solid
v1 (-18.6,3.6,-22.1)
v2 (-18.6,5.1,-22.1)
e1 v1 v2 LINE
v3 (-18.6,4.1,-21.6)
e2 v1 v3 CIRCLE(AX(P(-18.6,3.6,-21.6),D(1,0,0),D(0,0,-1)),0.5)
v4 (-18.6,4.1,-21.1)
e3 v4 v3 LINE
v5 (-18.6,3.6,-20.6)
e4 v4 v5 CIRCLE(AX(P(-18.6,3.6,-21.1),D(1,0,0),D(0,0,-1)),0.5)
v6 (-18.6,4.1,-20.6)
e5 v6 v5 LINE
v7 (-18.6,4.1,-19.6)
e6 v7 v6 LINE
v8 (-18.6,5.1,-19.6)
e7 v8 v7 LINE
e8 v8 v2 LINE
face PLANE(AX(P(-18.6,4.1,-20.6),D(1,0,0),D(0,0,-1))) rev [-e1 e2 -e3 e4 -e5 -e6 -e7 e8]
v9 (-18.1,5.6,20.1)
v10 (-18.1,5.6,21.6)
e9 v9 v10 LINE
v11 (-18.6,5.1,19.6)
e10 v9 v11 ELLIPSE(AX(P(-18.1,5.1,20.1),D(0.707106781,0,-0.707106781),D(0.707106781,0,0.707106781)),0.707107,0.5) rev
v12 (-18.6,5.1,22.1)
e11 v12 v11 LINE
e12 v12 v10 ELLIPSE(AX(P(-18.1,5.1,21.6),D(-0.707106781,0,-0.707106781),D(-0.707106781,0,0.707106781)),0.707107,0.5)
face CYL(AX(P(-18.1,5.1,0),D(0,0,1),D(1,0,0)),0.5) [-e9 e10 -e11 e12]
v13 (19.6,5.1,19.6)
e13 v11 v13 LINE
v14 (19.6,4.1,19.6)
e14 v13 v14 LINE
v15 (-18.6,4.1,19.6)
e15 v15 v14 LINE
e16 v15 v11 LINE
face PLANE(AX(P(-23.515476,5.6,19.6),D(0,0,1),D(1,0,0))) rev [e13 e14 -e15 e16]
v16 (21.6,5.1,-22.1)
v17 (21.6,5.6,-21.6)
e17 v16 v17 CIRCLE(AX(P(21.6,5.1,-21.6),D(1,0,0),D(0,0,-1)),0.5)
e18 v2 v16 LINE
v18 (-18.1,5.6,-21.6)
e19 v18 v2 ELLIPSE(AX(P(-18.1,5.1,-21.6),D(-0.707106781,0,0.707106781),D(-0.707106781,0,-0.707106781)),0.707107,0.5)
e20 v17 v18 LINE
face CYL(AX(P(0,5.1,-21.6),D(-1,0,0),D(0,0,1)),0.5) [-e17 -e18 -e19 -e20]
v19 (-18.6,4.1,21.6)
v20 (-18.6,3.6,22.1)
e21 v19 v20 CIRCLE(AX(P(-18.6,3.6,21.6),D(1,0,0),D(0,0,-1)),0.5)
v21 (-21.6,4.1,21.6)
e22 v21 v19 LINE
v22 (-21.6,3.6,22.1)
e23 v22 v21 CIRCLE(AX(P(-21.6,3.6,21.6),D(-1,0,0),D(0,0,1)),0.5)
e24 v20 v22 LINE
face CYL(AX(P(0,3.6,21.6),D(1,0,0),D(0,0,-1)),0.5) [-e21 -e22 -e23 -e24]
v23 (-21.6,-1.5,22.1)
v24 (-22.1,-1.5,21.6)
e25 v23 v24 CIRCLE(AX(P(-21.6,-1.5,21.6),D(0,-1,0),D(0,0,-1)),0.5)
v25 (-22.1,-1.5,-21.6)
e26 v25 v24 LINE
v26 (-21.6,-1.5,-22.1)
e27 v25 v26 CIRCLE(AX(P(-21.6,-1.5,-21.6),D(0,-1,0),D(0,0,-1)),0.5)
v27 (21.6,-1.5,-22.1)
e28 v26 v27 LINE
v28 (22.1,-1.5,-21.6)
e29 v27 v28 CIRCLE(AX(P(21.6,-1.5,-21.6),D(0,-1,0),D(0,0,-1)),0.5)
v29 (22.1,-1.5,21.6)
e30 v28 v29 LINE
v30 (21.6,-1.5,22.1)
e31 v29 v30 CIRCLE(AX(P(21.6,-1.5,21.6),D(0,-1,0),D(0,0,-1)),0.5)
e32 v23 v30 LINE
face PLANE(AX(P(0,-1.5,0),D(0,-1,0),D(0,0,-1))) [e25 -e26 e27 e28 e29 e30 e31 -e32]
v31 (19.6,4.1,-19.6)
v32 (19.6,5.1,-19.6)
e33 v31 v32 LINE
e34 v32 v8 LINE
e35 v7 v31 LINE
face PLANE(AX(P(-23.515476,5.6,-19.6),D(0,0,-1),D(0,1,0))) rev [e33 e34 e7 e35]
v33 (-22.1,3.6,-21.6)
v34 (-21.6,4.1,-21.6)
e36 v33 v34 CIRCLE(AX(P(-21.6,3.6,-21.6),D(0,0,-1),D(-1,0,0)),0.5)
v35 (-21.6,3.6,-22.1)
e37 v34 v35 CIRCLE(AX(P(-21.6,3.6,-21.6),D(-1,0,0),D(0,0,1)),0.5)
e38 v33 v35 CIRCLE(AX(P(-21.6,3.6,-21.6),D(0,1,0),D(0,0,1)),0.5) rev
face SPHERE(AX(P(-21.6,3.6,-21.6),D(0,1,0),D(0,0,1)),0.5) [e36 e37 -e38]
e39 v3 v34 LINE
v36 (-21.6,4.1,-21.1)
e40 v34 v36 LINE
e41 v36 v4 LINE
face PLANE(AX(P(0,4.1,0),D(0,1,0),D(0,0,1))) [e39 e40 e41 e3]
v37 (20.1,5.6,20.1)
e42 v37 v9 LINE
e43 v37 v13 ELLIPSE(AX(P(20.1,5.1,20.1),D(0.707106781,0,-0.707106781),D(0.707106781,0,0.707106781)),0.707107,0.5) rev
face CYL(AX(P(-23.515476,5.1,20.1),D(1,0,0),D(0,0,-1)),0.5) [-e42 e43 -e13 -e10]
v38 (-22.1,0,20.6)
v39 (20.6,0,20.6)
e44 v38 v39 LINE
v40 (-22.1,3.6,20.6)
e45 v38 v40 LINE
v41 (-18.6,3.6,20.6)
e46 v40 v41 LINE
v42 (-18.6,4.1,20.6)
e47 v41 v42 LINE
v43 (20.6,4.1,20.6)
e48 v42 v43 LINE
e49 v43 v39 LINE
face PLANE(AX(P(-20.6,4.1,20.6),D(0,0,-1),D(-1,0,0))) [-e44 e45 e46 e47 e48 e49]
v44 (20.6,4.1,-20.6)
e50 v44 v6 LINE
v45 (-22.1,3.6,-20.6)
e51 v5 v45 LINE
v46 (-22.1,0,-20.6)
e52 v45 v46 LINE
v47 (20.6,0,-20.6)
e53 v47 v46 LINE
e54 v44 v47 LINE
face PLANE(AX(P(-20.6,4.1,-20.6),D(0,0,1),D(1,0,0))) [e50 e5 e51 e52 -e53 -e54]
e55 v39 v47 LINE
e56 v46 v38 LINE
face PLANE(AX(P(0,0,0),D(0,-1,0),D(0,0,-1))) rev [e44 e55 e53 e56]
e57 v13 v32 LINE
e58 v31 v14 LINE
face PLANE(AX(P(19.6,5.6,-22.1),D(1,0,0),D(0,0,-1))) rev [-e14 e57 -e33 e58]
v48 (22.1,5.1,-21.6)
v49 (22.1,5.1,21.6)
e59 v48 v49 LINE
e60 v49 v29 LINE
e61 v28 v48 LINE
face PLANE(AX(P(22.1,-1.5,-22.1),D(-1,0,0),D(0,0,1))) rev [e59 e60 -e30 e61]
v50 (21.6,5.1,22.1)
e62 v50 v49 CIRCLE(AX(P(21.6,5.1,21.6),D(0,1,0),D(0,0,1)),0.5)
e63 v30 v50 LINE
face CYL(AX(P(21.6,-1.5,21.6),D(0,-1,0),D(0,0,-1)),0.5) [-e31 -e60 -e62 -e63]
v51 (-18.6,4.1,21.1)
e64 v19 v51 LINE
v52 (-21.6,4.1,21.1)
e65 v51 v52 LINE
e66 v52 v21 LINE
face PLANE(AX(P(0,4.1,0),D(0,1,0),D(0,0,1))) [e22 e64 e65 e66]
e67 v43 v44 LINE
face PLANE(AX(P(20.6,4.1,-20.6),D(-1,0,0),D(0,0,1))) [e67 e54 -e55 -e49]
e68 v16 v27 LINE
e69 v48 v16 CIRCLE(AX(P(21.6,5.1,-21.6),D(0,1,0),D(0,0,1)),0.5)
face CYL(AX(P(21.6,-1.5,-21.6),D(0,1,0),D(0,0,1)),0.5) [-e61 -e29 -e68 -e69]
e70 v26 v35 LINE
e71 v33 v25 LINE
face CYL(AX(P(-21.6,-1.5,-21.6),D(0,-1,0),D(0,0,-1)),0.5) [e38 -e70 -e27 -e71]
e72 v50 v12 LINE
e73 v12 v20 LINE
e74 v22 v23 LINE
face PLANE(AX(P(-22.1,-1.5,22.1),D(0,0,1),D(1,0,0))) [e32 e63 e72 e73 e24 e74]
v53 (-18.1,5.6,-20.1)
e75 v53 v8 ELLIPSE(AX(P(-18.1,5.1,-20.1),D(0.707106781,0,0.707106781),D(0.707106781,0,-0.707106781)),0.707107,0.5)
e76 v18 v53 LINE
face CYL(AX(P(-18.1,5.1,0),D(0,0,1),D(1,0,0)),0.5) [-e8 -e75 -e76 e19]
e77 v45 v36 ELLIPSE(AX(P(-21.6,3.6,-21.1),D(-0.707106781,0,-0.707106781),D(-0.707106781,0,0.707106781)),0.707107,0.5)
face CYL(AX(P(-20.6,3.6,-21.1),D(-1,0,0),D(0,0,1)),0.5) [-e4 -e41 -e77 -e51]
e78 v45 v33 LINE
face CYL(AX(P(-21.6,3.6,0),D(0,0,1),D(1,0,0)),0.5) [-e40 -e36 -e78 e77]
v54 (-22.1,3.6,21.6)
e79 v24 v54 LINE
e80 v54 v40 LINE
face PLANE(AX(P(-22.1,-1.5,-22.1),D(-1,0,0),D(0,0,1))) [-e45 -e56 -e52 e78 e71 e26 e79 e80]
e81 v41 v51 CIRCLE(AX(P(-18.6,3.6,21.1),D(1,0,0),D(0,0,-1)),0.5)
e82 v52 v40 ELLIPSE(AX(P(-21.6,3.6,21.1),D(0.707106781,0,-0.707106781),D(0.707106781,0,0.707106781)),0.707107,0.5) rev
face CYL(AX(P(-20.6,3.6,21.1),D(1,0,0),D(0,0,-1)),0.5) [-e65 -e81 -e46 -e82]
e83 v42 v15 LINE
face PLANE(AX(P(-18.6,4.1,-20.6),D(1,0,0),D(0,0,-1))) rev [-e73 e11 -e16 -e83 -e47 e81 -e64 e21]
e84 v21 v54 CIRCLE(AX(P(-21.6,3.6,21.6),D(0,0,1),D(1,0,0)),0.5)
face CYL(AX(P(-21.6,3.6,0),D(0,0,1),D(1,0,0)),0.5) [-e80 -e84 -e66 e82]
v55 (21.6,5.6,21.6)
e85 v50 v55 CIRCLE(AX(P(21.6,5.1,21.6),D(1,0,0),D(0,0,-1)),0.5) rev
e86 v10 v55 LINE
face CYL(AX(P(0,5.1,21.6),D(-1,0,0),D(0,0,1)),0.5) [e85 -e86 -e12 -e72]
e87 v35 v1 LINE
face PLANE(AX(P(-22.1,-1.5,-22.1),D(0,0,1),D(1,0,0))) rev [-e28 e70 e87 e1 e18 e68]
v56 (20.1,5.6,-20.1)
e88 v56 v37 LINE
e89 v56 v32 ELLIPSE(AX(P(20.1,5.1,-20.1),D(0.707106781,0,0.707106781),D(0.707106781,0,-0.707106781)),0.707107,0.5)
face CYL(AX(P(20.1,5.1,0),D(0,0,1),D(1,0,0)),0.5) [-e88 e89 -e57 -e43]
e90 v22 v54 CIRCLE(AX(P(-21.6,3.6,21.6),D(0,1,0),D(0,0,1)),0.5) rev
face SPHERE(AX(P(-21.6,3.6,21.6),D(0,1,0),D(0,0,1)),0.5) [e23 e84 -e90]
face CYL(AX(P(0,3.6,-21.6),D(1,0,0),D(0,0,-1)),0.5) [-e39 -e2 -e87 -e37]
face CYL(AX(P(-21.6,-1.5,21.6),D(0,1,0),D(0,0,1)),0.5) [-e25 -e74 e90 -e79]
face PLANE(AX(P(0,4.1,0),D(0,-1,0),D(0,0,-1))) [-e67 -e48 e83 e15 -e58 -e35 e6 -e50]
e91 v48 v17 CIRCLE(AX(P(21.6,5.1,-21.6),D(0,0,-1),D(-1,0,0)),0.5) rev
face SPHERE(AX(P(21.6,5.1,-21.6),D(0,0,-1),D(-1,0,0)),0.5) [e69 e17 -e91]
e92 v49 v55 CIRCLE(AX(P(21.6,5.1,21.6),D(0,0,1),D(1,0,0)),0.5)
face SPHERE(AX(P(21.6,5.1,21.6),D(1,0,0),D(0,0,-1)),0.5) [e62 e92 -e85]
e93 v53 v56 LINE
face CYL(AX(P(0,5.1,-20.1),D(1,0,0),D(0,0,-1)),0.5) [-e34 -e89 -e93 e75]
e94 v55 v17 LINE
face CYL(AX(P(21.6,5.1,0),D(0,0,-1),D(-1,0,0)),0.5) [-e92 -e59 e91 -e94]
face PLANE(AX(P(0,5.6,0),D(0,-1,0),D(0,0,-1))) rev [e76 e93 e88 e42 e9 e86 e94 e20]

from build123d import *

# Parameters (mm, degrees)
SKETCH2_W           = 44.2
SKETCH2_H           = 44.2
BOSS_EXTRUDE1_DEPTH = 1.5
SKETCH2_3_W         = 44.2
SKETCH2_3_H         = 44.2
SKETCH2_3_W_2       = 41.2
SKETCH2_3_H_2       = 41.2
BOSS_EXTRUDE2_DEPTH = 4.1
SKETCH3_W           = 2.5
SKETCH3_H           = 44.2
BOSS_EXTRUDE3_DEPTH = 1.5
BOSS_EXTRUDE5_DEPTH = 38.2
SKETCH5_W           = 6.546498532
SKETCH5_H           = 41.2
CUT_EXTRUDE1_DEPTH  = 4.1
FILLET2_R           = 0.5


with BuildPart() as part:
    # Sketch2 → Boss-Extrude1 (new body)
    with BuildSketch(Plane(origin=(0, 0, 0), x_dir=(1, 0, 0), z_dir=(0, 1, 0))):
        Rectangle(SKETCH2_W, SKETCH2_H)
    extrude(amount=-BOSS_EXTRUDE1_DEPTH)

    # Sketch2<3> → Boss-Extrude2 (add)
    with BuildSketch(Plane(origin=(0, 0, 0), x_dir=(1, 0, 0), z_dir=(0, 1, 0))):
        Rectangle(SKETCH2_3_W, SKETCH2_3_H)
        Rectangle(SKETCH2_3_W_2, SKETCH2_3_H_2, mode=Mode.SUBTRACT)
    extrude(amount=BOSS_EXTRUDE2_DEPTH)

    # Sketch3 → Boss-Extrude3 (add)
    with BuildSketch(Plane(origin=(0, 4.1, 0), x_dir=(1, 0, 0), z_dir=(0, 1, 0))):
        with Locations((20.85, 0)):
            Rectangle(SKETCH3_W, SKETCH3_H)
    extrude(amount=BOSS_EXTRUDE3_DEPTH)

    # Sketch6 → Boss-Extrude5 (add)
    with BuildSketch(Plane.ZY.offset(-19.6)):
        Polygon((-19.6, 5.6), (-19.6, 4.1), (-20.6, 4.1), (-22.1, 4.1), (-22.1, 5.6), align=None)
        Polygon((19.6, 5.6), (19.6, 4.1), (20.6, 4.1), (22.1, 4.1), (22.1, 5.6), align=None)
    extrude(amount=BOSS_EXTRUDE5_DEPTH)

    # Sketch5 → Cut-Extrude1 (cut)
    with BuildSketch(Plane(origin=(0, 4.1, 0), x_dir=(1, 0, 0), z_dir=(0, 1, 0))):
        with Locations((-23.873249266, 0)):
            Rectangle(SKETCH5_W, SKETCH5_H)
    extrude(amount=-CUT_EXTRUDE1_DEPTH, mode=Mode.SUBTRACT)

    # Fillet2
    fillet2_edges = [part.edges().sort_by_distance(p)[0] for p in [
        (-22.1, 4.1, -21.35),
        (-20.35, 4.1, 22.1),
        (-20.35, 4.1, 20.6),
        (22.1, 5.6, 0),
        (1.75, 5.6, -22.1),
        (1.75, 5.6, 22.1),
        (19.6, 5.6, 0),
        (-20.35, 4.1, -20.6),
        (-20.35, 4.1, -22.1),
        (-18.6, 5.6, -20.85),
        (0.5, 5.6, -19.6),
        (0.5, 5.6, 19.6),
        (-18.6, 5.6, 20.85),
        (-22.1, 1.3, -22.1),
        (-22.1, 1.3, 22.1),
        (22.1, 2.05, 22.1),
        (22.1, 2.05, -22.1),
        (-22.1, 4.1, 21.35),
    ]]
    fillet(fillet2_edges, radius=FILLET2_R)


solid = part.part
